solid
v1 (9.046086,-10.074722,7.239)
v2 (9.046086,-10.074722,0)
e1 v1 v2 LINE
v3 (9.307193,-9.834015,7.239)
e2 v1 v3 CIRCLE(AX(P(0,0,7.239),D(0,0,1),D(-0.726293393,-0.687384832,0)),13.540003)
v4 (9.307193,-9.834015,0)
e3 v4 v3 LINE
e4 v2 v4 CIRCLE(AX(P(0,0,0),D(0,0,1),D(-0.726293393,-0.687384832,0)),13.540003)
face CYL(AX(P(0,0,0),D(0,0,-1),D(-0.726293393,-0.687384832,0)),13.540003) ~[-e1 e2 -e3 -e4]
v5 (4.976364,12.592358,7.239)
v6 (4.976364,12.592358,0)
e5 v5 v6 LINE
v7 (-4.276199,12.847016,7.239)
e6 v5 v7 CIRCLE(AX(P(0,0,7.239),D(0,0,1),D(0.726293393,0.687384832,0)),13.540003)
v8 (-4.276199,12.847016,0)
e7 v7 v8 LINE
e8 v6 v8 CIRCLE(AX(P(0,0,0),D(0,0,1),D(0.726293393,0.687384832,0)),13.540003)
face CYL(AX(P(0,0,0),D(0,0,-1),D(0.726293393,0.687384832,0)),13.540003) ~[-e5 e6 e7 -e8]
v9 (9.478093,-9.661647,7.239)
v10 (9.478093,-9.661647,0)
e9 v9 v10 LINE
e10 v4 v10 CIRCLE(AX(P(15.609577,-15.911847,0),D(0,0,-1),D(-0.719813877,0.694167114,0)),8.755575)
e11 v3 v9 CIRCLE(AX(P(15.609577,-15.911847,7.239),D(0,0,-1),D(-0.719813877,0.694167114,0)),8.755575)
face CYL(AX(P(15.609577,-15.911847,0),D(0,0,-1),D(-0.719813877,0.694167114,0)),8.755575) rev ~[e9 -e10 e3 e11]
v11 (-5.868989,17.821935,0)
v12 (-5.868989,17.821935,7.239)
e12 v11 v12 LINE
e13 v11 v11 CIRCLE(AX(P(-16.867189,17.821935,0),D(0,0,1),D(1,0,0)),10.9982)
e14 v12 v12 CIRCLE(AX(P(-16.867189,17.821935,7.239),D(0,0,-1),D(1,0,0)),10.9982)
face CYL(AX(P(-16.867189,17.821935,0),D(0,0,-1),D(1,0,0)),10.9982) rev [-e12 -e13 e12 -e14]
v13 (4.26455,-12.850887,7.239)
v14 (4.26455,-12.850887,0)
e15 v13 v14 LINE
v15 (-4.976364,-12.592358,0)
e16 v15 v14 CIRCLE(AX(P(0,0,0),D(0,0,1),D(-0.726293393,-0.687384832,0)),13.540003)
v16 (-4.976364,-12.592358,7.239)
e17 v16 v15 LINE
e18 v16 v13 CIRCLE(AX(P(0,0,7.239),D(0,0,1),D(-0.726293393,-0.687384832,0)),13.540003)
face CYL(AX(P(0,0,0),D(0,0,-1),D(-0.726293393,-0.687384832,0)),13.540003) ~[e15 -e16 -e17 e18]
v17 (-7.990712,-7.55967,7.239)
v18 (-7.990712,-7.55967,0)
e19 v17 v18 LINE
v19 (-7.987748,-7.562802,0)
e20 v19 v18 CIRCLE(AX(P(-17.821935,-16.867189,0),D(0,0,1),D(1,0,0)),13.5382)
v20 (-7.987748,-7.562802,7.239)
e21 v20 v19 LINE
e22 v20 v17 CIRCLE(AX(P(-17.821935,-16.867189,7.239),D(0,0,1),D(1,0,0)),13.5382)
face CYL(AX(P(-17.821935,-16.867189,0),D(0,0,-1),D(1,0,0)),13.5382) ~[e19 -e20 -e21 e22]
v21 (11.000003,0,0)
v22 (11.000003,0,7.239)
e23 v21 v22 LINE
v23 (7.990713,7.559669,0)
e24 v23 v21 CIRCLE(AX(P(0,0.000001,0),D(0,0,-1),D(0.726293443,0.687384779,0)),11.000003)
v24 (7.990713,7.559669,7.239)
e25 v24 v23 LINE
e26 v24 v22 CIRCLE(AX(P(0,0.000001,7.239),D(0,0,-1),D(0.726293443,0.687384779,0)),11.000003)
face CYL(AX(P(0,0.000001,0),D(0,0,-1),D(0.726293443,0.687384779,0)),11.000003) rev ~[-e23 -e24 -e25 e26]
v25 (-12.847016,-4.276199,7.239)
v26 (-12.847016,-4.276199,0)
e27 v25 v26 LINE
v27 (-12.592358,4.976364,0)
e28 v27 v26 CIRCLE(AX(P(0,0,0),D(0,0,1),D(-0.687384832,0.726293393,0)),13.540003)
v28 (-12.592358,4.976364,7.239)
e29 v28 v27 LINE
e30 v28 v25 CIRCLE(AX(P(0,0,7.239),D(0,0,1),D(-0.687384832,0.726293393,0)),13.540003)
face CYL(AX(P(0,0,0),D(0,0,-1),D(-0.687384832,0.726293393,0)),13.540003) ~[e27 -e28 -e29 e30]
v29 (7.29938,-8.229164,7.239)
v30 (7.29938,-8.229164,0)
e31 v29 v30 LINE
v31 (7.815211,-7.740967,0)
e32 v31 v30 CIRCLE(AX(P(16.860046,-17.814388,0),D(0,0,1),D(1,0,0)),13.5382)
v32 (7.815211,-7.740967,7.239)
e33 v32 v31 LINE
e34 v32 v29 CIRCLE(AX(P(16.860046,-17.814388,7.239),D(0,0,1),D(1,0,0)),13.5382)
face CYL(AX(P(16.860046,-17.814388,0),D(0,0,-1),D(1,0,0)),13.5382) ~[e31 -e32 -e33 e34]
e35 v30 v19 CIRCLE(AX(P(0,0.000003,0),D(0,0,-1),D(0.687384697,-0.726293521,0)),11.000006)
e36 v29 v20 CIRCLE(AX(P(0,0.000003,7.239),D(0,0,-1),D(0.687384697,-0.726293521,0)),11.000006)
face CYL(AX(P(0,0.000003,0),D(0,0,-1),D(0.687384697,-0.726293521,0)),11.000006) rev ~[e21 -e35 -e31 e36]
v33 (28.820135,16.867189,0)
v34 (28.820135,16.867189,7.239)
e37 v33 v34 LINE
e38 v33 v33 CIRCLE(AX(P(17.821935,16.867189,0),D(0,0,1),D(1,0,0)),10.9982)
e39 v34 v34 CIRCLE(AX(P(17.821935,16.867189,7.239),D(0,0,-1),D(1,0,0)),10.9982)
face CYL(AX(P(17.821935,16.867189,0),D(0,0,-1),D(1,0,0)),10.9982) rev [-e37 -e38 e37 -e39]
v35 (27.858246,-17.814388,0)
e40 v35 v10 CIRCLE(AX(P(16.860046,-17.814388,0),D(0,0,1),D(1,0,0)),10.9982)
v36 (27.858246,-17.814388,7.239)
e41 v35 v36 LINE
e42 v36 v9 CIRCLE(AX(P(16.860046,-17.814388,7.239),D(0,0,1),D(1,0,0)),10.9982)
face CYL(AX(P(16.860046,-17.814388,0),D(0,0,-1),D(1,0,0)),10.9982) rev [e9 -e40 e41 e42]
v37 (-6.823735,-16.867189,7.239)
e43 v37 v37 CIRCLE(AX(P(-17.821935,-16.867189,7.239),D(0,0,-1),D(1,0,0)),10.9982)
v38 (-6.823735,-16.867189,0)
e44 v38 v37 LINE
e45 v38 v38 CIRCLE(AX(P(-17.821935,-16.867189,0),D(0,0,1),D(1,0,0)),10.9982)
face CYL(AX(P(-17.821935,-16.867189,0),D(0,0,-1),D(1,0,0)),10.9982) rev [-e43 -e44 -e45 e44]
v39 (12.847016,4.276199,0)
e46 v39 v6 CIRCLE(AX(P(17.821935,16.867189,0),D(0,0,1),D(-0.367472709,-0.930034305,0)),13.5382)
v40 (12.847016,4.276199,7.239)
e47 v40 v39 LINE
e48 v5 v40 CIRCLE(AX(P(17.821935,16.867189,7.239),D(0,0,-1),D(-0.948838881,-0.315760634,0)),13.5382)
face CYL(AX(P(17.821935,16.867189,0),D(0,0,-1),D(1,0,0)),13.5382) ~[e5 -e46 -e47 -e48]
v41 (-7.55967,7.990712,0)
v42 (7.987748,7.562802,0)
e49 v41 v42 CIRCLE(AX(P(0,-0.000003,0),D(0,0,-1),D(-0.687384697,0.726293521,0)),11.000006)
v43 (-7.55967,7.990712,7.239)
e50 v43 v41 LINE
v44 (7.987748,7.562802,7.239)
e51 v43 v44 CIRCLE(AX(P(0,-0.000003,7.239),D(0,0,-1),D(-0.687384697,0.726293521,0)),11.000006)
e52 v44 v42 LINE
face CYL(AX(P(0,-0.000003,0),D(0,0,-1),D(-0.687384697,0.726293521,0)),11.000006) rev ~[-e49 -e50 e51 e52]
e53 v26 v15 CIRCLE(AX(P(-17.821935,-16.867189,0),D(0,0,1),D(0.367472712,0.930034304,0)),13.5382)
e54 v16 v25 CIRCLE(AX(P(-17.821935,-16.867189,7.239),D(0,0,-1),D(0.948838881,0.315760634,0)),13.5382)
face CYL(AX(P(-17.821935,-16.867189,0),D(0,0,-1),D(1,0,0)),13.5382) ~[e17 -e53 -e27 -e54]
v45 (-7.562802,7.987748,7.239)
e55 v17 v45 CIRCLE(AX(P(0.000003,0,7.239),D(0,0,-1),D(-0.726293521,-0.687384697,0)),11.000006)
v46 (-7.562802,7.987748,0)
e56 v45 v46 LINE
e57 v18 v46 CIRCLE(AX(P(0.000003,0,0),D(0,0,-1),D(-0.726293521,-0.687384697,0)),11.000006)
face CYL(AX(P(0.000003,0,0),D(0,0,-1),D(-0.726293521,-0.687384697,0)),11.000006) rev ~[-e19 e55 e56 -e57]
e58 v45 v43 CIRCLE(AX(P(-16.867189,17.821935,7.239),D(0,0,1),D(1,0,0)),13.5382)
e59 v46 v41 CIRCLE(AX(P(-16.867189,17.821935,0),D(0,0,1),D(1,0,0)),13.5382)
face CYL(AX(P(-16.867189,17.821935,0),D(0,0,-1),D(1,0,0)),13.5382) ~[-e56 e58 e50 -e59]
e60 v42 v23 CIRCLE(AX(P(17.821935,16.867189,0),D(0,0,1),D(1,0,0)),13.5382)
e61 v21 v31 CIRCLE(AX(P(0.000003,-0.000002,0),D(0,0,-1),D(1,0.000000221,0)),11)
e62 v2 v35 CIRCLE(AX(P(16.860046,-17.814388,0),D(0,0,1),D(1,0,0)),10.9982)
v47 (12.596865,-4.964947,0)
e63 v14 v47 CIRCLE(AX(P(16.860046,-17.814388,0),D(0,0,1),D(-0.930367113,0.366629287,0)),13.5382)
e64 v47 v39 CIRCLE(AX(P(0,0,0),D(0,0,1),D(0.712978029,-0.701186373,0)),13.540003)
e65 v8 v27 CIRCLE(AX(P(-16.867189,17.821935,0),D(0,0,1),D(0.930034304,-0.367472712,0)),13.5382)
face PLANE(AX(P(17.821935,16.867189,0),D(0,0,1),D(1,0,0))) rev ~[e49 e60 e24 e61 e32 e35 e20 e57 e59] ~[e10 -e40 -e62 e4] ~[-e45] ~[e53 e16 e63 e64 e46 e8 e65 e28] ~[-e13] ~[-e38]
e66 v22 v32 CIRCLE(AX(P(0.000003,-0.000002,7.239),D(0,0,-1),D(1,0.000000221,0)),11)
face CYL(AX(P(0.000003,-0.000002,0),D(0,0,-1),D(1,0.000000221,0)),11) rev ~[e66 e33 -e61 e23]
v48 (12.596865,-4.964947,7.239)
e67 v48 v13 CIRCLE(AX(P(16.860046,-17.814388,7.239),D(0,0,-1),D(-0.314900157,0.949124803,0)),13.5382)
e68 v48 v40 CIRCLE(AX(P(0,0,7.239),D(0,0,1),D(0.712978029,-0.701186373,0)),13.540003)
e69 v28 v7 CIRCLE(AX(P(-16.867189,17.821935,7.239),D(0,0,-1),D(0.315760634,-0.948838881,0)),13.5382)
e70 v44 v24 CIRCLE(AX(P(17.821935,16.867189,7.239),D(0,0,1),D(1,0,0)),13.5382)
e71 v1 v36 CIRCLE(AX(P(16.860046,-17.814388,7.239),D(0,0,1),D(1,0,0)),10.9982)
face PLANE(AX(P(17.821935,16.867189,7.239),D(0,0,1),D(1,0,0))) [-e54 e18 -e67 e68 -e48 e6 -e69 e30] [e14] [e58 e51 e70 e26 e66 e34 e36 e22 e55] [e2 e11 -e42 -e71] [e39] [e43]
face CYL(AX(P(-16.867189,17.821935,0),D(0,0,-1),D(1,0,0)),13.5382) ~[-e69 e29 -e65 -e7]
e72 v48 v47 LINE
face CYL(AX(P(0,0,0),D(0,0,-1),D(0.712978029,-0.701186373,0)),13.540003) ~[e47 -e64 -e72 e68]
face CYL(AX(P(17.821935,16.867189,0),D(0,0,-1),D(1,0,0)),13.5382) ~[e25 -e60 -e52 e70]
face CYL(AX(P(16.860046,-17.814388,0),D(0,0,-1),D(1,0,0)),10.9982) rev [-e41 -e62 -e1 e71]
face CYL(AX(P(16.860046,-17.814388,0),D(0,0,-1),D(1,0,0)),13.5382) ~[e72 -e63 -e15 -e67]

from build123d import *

# Parameters (mm, degrees)
F5_DEPTH = 7.239
F1_R     = 13.5382
F1_R_2   = 10.9982
F6_DEPTH = 7.239
F2_R     = 13.5382
F2_R_2   = 10.9982
F7_DEPTH = 7.239
F3_R     = 13.5382
F3_R_2   = 10.9982
F8_DEPTH = 7.239
F4_R     = 13.5382
F4_R_2   = 10.9982
F9_DEPTH = 7.239


with BuildPart() as f5:
    # F0 (on Top) → F5 (new body)
    with BuildSketch(Plane.XY):
        with BuildLine():
            ThreePointArc((7.98923, 7.561236), (10.219629, 4.069307), (11.000003, 0))
            ThreePointArc((11.000003, 0), (10.103804, -4.348934), (7.561236, -7.98923))
            Line((7.561236, -7.98923), (9.307193, -9.834015))
            ThreePointArc((9.307193, -9.834015), (9.478103, -9.661638), (9.653725, -9.494066))
            ThreePointArc((9.653725, -9.494066), (13.539381, -0.129832), (9.834015, 9.307193))
            Line((9.834015, 9.307193), (7.98923, 7.561236))
        make_face()
        with BuildLine():
            ThreePointArc((-7.561236, 7.98923), (0.302638, 10.995839), (7.98923, 7.561236))
            Line((7.98923, 7.561236), (9.834015, 9.307193))
            ThreePointArc((9.834015, 9.307193), (0.372519, 13.534878), (-9.307193, 9.834015))
            Line((-9.307193, 9.834015), (-7.561236, 7.98923))
        make_face()
        with BuildLine():
            Line((9.307193, -9.834015), (7.561236, -7.98923))
            ThreePointArc((7.561236, -7.98923), (-0.302638, -10.995839), (-7.98923, -7.561236))
            Line((-7.98923, -7.561236), (-9.834015, -9.307193))
            ThreePointArc((-9.834015, -9.307193), (-0.372519, -13.534878), (9.307193, -9.834015))
        make_face()
        with BuildLine():
            ThreePointArc((-7.98923, -7.561236), (-10.995839, 0.302638), (-7.561236, 7.98923))
            Line((-7.561236, 7.98923), (-9.307193, 9.834015))
            ThreePointArc((-9.307193, 9.834015), (-13.534878, 0.372519), (-9.834015, -9.307193))
            Line((-9.834015, -9.307193), (-7.98923, -7.561236))
        make_face()
    extrude(amount=F5_DEPTH)

    # F1 (on Top) → F6 (join)
    with BuildSketch(Plane.XY):
        with Locations((16.860046, -17.814388)):
            Circle(F1_R)
        with Locations((16.860046, -17.814388)):
            Circle(F1_R_2, mode=Mode.SUBTRACT)
    extrude(amount=F6_DEPTH)

    # F2 (on Top) → F7 (join)
    with BuildSketch(Plane.XY):
        with Locations((-17.821935, -16.867189)):
            Circle(F2_R)
        with Locations((-17.821935, -16.867189)):
            Circle(F2_R_2, mode=Mode.SUBTRACT)
    extrude(amount=F7_DEPTH)

    # F3 (on Top) → F8 (join)
    with BuildSketch(Plane.XY):
        with Locations((-16.867189, 17.821935)):
            Circle(F3_R)
        with Locations((-16.867189, 17.821935)):
            Circle(F3_R_2, mode=Mode.SUBTRACT)
    extrude(amount=F8_DEPTH)

    # F4 (on Top) → F9 (join)
    with BuildSketch(Plane.XY):
        with Locations((17.821935, 16.867189)):
            Circle(F4_R)
        with Locations((17.821935, 16.867189)):
            Circle(F4_R_2, mode=Mode.SUBTRACT)
    extrude(amount=F9_DEPTH)


solid = f5.part
